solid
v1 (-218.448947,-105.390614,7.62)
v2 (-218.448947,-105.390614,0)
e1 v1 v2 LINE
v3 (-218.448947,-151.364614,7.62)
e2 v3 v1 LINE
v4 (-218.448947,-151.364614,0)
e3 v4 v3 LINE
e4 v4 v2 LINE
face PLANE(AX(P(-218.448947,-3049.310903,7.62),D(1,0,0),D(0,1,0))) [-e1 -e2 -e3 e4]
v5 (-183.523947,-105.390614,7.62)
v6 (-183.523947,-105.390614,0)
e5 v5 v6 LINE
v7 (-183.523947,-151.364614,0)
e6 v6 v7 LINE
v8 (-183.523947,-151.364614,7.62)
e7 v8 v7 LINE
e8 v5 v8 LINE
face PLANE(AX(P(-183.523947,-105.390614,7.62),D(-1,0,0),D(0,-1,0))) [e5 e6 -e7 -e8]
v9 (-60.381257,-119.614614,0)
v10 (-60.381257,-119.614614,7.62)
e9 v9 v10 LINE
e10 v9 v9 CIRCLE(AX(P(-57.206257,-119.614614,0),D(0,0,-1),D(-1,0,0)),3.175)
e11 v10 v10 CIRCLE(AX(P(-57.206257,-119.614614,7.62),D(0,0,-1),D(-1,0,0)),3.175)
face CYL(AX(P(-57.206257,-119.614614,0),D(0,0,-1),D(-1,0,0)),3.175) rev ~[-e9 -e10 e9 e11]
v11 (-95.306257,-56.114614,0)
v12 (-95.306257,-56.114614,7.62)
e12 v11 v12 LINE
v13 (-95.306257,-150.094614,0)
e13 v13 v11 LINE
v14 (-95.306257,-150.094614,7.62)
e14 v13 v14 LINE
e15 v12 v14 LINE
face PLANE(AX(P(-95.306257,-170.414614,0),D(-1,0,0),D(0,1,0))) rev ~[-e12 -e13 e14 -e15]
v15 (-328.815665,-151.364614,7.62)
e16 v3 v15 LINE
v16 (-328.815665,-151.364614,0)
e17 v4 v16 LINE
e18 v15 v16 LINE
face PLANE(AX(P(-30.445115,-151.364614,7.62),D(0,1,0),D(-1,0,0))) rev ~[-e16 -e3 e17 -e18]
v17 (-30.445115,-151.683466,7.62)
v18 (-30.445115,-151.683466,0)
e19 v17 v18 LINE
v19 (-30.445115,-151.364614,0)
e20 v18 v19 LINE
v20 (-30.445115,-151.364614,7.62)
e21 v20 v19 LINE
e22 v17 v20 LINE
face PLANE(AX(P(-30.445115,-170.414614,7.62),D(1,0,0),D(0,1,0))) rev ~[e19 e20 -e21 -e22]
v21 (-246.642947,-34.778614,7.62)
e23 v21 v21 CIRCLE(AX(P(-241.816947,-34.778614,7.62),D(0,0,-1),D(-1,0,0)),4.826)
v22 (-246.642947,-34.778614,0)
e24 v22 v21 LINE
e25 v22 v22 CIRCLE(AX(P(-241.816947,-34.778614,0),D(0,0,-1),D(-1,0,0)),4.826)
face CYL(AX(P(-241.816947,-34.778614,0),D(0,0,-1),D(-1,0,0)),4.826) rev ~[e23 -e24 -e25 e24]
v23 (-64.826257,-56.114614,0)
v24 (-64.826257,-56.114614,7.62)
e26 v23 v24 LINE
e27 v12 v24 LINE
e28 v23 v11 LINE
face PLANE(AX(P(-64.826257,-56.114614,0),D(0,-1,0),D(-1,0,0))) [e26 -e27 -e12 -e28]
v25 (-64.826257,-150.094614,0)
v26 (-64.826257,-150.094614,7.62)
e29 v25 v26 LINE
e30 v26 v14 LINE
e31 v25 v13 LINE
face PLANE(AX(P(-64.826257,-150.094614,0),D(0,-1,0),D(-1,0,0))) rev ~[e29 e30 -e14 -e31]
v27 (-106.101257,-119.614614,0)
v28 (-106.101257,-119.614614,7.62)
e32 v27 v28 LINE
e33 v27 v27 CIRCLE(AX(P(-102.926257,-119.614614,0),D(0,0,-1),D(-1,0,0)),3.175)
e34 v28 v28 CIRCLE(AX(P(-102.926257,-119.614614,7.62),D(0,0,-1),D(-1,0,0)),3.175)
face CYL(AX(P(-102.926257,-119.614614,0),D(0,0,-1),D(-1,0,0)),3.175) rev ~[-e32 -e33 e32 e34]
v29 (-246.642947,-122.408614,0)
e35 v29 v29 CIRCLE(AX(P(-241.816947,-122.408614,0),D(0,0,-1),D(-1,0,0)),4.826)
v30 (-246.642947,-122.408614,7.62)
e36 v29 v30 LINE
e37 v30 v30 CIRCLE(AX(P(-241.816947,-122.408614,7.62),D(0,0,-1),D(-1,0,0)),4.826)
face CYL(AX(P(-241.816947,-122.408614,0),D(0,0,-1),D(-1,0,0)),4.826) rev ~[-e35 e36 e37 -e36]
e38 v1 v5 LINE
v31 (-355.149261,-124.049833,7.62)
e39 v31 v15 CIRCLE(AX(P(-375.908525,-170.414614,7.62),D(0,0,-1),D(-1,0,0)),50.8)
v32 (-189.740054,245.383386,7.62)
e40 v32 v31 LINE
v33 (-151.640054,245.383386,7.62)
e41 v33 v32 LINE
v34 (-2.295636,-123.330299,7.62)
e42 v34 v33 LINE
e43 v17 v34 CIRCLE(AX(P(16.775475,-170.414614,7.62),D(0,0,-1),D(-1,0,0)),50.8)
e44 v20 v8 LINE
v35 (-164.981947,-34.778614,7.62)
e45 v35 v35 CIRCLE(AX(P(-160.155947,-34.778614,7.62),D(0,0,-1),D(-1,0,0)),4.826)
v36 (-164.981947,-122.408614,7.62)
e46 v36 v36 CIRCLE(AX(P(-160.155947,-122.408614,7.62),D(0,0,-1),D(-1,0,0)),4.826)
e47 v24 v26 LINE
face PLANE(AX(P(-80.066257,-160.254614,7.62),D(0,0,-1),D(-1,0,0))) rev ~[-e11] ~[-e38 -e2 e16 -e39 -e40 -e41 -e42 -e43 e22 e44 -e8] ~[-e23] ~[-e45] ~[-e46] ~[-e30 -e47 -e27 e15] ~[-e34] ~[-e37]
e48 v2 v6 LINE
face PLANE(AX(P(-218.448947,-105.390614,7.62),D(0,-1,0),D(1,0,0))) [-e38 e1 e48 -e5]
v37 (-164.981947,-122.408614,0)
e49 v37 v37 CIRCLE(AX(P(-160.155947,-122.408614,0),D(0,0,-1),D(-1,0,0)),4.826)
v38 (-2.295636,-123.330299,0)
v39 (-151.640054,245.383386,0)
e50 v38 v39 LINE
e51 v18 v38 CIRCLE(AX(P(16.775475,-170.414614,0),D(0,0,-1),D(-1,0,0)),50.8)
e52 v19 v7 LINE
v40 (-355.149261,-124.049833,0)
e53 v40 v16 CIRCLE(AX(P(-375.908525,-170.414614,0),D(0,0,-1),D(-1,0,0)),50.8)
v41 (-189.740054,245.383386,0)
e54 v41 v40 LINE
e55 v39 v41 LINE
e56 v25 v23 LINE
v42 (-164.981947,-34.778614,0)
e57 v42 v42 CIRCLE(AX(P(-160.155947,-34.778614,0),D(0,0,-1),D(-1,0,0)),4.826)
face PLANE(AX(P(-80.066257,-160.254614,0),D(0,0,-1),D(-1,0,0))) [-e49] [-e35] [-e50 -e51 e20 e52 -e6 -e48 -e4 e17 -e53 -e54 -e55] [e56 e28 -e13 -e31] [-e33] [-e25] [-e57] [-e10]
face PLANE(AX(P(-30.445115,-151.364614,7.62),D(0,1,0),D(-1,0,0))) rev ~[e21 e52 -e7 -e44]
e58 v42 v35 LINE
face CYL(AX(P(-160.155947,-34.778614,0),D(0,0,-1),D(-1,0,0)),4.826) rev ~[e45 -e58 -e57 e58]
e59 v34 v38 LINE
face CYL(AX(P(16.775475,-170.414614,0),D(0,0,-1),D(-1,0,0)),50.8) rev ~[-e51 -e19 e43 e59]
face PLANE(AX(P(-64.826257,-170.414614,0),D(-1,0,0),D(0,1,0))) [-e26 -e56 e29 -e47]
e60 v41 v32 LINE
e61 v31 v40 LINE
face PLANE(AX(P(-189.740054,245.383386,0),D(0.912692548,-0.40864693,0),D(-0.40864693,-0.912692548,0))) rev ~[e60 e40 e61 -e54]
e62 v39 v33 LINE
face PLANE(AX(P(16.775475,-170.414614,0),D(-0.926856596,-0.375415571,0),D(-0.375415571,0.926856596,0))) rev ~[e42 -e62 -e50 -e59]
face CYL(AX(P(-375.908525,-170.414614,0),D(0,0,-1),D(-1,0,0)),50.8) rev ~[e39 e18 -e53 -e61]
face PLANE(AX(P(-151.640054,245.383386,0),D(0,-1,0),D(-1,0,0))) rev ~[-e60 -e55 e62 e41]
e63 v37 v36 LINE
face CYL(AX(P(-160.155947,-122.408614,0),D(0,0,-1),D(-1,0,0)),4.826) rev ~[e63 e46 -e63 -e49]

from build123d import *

# Parameters (mm, degrees)
BOSS_EXTRUDE1_DEPTH     = 7.62
SKETCH5_R               = 15.875
CUT_EXTRUDE2_DEPTH      = 50.8
SKETCH6_R               = 15.875
CUT_EXTRUDE3_DEPTH      = 50.8
CUT_EXTRUDE4_DEPTH      = 444.557362906
CUT_EXTRUDE4_DEPTH_BACK = 7.62
CUT_EXTRUDE6_REACH      = 445.557
SKETCH9_R               = 4.826
SKETCH10_W              = 30.48
SKETCH10_H              = 114.3
CUT_EXTRUDE12_DEPTH     = 25.4
CUT_EXTRUDE14_REACH     = 445.557
SKETCH14_R              = 50.8
CUT_EXTRUDE15_REACH     = 445.557
SKETCH15_R              = 50.8
SKETCH16_W              = 30.48
SKETCH16_H              = 20.32
BOSS_EXTRUDE2_DEPTH     = 7.62
CUT_EXTRUDE16_REACH     = 433.743
SKETCH17_R              = 3.175
CUT_EXTRUDE17_START     = -7.62
SKETCH18_W              = 300.609514784
SKETCH18_H              = 19.05
CUT_EXTRUDE17_DEPTH     = 7.62
CUT_EXTRUDE18_REACH     = 433.743
SKETCH19_R              = 4.826


with BuildPart() as part:
    # Sketch2 → Boss-Extrude1 (new body)
    with BuildSketch(Plane.XY):
        Polygon((-189.740054039, 245.383385713), (-375.90852523, -170.414614287), (16.77547477, -170.414614287), (-151.640054039, 245.383385713), align=None)
    extrude(amount=BOSS_EXTRUDE1_DEPTH)

    # Sketch5 → Cut-Extrude2 (cut)
    with BuildSketch(Plane(origin=(0, 0, 0), x_dir=(-1, 0, 0), z_dir=(0, 0, -1))):
        with Locations((375.90852523, -170.414614287)):
            Circle(SKETCH5_R)
    extrude(amount=-CUT_EXTRUDE2_DEPTH, mode=Mode.SUBTRACT)

    # Sketch6 → Cut-Extrude3 (cut)
    with BuildSketch(Plane(origin=(0, 0, 0), x_dir=(-1, 0, 0), z_dir=(0, 0, -1))):
        with Locations((-16.77547477, -170.414614287)):
            Circle(SKETCH6_R)
    extrude(amount=-CUT_EXTRUDE3_DEPTH, mode=Mode.SUBTRACT)

    # Sketch8 → Cut-Extrude4 (cut, two sides: drawn at the far end of the back side and taken through both)
    with BuildSketch(Plane(origin=(0, 0, 0), x_dir=(-1, 0, 0), z_dir=(0, 0, -1)).offset(-CUT_EXTRUDE4_DEPTH_BACK)):
        Polygon((218.448947474, -1130.046710402), (218.448947474, -170.414614287), (218.448947474, -105.390614287), (183.523947474, -105.390614287), (183.523947474, -170.414614287), (183.523947474, -1130.046710402), (183.523947474, -3049.310902633), (218.448947474, -3049.310902633), align=None)
    extrude(amount=CUT_EXTRUDE4_DEPTH + CUT_EXTRUDE4_DEPTH_BACK, mode=Mode.SUBTRACT)

    # Sketch9 → Cut-Extrude6 (cut, up to next)
    with BuildSketch(Plane(origin=(0, 0, 0), x_dir=(-1, 0, 0), z_dir=(0, 0, -1)), mode=Mode.PRIVATE) as cut_extrude6_sk1:
        with Locations((160.155947474, -122.408614287)):
            Circle(SKETCH9_R)
    cut_extrude6_tool1 = extrude(cut_extrude6_sk1.sketch, amount=-CUT_EXTRUDE6_REACH, mode=Mode.PRIVATE) & part.part
    # Sketch9 → Cut-Extrude6 (cut, up to next)
    with BuildSketch(Plane(origin=(0, 0, 0), x_dir=(-1, 0, 0), z_dir=(0, 0, -1)), mode=Mode.PRIVATE) as cut_extrude6_sk2:
        with Locations((241.816947474, -122.408614287)):
            Circle(SKETCH9_R)
    cut_extrude6_tool2 = extrude(cut_extrude6_sk2.sketch, amount=-CUT_EXTRUDE6_REACH, mode=Mode.PRIVATE) & part.part
    add(cut_extrude6_tool1.solids().sort_by_distance((-160.155947, -122.408614, 0))[0], mode=Mode.SUBTRACT)
    add(cut_extrude6_tool2.solids().sort_by_distance((-241.816947, -122.408614, 0))[0], mode=Mode.SUBTRACT)

    # Sketch10 → Cut-Extrude12 (cut)
    with BuildSketch(Plane(origin=(0, 0, 0), x_dir=(-1, 0, 0), z_dir=(0, 0, -1))):
        with Locations((80.066257047, -113.264614287)):
            Rectangle(SKETCH10_W, SKETCH10_H)
    extrude(amount=-CUT_EXTRUDE12_DEPTH, mode=Mode.SUBTRACT)

    # Sketch14 → Cut-Extrude14 (cut, up to next)
    with BuildSketch(Plane(origin=(0, 0, 0), x_dir=(-1, 0, 0), z_dir=(0, 0, -1)), mode=Mode.PRIVATE) as cut_extrude14_sk1:
        with Locations((-16.77547477, -170.414614287)):
            Circle(SKETCH14_R)
    cut_extrude14_tool1 = extrude(cut_extrude14_sk1.sketch, amount=-CUT_EXTRUDE14_REACH, mode=Mode.PRIVATE) & part.part
    add(cut_extrude14_tool1.solids().sort_by_distance((16.775475, -170.414614, 0))[0], mode=Mode.SUBTRACT)

    # Sketch15 → Cut-Extrude15 (cut, up to next)
    with BuildSketch(Plane(origin=(0, 0, 0), x_dir=(-1, 0, 0), z_dir=(0, 0, -1)), mode=Mode.PRIVATE) as cut_extrude15_sk1:
        with Locations((375.90852523, -170.414614287)):
            Circle(SKETCH15_R)
    cut_extrude15_tool1 = extrude(cut_extrude15_sk1.sketch, amount=-CUT_EXTRUDE15_REACH, mode=Mode.PRIVATE) & part.part
    add(cut_extrude15_tool1.solids().sort_by_distance((-375.908525, -170.414614, 0))[0], mode=Mode.SUBTRACT)

    # Sketch16 → Boss-Extrude2 (add)
    with BuildSketch(Plane(origin=(0, 0, 0), x_dir=(-1, 0, 0), z_dir=(0, 0, -1))):
        with Locations((80.066257047, -160.254614287)):
            Rectangle(SKETCH16_W, SKETCH16_H)
    extrude(amount=-BOSS_EXTRUDE2_DEPTH)

    # Sketch17 → Cut-Extrude16 (cut, up to next)
    with BuildSketch(Plane(origin=(0, 0, 0), x_dir=(-1, 0, 0), z_dir=(0, 0, -1)), mode=Mode.PRIVATE) as cut_extrude16_sk1:
        with Locations((57.206257047, -119.614614287)):
            Circle(SKETCH17_R)
    cut_extrude16_tool1 = extrude(cut_extrude16_sk1.sketch, amount=-CUT_EXTRUDE16_REACH, mode=Mode.PRIVATE) & part.part
    # Sketch17 → Cut-Extrude16 (cut, up to next)
    with BuildSketch(Plane(origin=(0, 0, 0), x_dir=(-1, 0, 0), z_dir=(0, 0, -1)), mode=Mode.PRIVATE) as cut_extrude16_sk2:
        with Locations((102.926257047, -119.614614287)):
            Circle(SKETCH17_R)
    cut_extrude16_tool2 = extrude(cut_extrude16_sk2.sketch, amount=-CUT_EXTRUDE16_REACH, mode=Mode.PRIVATE) & part.part
    add(cut_extrude16_tool1.solids().sort_by_distance((-57.206257, -119.614614, 0))[0], mode=Mode.SUBTRACT)
    add(cut_extrude16_tool2.solids().sort_by_distance((-102.926257, -119.614614, 0))[0], mode=Mode.SUBTRACT)

    # Sketch18 → Cut-Extrude17 (cut)
    with BuildSketch(Plane(origin=(0, 0, 0), x_dir=(-1, 0, 0), z_dir=(0, 0, -1)).offset(CUT_EXTRUDE17_START)):
        with Locations((180.749872138, -160.889614287)):
            Rectangle(SKETCH18_W, SKETCH18_H)
    extrude(amount=CUT_EXTRUDE17_DEPTH, mode=Mode.SUBTRACT)

    # Sketch19 → Cut-Extrude18 (cut, up to next)
    with BuildSketch(Plane(origin=(0, 0, 0), x_dir=(-1, 0, 0), z_dir=(0, 0, -1)), mode=Mode.PRIVATE) as cut_extrude18_sk1:
        with Locations((241.816947474, -34.778614287)):
            Circle(SKETCH19_R)
    cut_extrude18_tool1 = extrude(cut_extrude18_sk1.sketch, amount=-CUT_EXTRUDE18_REACH, mode=Mode.PRIVATE) & part.part
    # Sketch19 → Cut-Extrude18 (cut, up to next)
    with BuildSketch(Plane(origin=(0, 0, 0), x_dir=(-1, 0, 0), z_dir=(0, 0, -1)), mode=Mode.PRIVATE) as cut_extrude18_sk2:
        with Locations((160.155947474, -34.778614287)):
            Circle(SKETCH19_R)
    cut_extrude18_tool2 = extrude(cut_extrude18_sk2.sketch, amount=-CUT_EXTRUDE18_REACH, mode=Mode.PRIVATE) & part.part
    add(cut_extrude18_tool1.solids().sort_by_distance((-241.816947, -34.778614, 0))[0], mode=Mode.SUBTRACT)
    add(cut_extrude18_tool2.solids().sort_by_distance((-160.155947, -34.778614, 0))[0], mode=Mode.SUBTRACT)


solid = part.part
